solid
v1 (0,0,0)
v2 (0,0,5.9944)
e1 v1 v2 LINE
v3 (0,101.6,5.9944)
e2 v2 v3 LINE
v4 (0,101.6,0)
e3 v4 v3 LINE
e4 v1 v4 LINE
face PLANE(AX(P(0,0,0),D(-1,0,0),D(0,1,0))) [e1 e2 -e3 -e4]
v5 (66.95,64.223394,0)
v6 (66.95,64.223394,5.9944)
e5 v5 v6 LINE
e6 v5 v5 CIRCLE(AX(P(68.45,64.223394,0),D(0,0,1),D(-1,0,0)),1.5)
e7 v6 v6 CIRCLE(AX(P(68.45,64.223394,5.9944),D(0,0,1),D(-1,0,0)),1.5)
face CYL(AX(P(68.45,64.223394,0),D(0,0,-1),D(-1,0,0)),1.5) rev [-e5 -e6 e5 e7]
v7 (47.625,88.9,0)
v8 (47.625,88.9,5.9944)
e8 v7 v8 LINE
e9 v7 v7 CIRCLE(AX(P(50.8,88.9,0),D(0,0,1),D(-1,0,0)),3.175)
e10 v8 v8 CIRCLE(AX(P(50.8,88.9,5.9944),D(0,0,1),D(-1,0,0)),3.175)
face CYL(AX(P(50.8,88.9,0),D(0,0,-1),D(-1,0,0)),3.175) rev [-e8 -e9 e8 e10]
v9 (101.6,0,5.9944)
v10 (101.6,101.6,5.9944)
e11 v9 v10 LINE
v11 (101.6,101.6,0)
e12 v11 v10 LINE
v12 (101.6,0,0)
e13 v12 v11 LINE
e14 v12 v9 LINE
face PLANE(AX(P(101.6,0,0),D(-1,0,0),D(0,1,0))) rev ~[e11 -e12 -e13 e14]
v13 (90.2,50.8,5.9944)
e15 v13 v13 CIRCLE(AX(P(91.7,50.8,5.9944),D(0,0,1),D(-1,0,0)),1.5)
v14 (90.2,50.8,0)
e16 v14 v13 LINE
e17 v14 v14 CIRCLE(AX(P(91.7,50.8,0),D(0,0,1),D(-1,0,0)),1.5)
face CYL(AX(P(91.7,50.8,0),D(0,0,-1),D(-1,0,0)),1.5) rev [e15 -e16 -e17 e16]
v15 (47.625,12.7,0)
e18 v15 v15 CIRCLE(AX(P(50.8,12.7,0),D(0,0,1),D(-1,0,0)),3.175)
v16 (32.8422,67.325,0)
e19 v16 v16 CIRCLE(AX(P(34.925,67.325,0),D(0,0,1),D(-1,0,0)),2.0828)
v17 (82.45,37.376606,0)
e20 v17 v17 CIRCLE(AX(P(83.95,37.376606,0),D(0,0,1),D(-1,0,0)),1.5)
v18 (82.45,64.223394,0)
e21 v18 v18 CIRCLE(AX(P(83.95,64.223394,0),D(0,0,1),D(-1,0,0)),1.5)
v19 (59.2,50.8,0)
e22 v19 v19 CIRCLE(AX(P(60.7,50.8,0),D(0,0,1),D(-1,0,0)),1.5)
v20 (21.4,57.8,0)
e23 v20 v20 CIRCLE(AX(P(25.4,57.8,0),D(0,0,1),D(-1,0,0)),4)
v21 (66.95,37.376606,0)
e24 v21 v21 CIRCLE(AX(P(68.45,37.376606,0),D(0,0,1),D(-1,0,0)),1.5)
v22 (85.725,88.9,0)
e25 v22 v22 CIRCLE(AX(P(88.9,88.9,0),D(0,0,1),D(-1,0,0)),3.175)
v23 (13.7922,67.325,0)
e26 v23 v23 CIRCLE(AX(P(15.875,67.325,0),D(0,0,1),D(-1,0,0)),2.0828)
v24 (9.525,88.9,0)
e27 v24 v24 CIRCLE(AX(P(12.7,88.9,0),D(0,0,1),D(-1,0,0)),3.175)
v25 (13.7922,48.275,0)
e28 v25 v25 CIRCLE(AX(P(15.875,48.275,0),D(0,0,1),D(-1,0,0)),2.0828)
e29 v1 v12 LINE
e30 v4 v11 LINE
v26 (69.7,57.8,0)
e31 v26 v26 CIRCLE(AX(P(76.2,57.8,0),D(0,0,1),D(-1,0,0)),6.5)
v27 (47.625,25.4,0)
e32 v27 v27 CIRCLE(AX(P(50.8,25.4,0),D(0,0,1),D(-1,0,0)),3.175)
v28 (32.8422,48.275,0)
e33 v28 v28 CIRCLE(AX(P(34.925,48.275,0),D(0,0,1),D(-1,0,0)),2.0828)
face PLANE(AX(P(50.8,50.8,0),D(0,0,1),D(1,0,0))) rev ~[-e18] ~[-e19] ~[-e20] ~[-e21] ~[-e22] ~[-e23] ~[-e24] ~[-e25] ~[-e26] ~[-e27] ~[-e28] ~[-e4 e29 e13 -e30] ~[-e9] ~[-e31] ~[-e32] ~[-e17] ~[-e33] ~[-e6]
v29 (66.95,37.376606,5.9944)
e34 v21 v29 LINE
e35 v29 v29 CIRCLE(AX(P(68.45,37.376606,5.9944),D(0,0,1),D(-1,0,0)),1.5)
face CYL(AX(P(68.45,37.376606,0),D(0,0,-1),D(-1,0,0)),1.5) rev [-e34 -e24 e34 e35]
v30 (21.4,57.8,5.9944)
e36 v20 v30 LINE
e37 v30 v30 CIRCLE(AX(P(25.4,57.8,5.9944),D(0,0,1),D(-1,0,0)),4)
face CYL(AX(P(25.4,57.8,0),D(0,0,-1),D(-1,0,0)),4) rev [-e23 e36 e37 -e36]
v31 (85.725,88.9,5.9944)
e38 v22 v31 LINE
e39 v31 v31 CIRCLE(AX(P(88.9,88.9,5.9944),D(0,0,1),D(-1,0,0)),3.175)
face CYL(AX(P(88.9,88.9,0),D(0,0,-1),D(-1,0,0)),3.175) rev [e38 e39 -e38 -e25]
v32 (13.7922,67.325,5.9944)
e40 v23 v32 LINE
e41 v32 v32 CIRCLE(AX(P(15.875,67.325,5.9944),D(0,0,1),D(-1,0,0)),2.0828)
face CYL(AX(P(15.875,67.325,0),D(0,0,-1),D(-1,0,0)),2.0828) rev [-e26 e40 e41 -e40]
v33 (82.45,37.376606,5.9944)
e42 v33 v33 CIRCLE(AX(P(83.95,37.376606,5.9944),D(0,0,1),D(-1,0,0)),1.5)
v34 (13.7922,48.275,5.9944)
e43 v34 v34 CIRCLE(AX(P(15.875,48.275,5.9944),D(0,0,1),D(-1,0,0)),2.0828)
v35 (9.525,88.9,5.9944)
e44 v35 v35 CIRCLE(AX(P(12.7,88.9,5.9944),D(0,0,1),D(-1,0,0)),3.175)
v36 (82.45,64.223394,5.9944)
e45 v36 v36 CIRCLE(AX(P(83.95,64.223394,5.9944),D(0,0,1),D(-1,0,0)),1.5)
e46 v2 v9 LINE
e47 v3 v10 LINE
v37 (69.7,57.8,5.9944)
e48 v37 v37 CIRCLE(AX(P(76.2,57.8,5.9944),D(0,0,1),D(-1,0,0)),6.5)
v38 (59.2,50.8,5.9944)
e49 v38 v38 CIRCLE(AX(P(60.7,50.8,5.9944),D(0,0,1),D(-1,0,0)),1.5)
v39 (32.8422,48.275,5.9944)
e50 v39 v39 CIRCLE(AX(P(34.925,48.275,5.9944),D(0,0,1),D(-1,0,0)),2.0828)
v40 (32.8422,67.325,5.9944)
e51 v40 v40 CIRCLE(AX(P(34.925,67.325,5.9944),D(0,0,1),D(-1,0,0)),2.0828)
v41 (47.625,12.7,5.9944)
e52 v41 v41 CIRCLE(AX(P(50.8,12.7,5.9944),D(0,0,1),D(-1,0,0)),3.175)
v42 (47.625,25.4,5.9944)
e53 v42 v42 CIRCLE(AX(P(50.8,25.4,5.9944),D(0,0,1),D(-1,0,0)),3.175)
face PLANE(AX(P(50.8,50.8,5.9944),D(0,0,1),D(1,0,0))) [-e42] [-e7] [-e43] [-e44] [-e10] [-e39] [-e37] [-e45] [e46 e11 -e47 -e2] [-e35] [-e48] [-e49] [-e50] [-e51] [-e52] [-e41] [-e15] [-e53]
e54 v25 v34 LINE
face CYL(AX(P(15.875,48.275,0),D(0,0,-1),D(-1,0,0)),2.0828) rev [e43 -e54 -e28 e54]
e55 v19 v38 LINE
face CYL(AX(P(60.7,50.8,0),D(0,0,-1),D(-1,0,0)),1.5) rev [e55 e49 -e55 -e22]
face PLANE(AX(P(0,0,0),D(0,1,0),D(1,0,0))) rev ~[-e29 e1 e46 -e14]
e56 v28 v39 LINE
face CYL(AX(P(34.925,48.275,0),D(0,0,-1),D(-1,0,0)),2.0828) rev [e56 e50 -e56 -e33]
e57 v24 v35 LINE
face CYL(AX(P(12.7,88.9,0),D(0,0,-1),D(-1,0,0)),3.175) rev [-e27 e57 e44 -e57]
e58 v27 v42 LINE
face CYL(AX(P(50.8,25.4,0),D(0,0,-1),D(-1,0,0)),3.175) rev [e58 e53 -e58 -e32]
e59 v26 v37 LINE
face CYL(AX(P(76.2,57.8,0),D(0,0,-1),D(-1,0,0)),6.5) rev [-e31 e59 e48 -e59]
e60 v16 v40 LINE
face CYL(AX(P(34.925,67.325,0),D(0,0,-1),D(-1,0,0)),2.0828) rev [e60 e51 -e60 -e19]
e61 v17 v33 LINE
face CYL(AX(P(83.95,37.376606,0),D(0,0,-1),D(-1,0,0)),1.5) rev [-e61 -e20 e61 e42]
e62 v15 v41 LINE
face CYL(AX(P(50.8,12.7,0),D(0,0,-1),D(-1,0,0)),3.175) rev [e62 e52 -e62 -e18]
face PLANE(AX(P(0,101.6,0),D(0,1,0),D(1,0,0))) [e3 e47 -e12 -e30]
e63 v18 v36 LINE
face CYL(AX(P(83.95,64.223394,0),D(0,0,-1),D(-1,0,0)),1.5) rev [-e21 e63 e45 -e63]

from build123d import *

# Parameters (mm, degrees)
SKETCH1_W           = 101.6
SKETCH1_H           = 101.6
SKETCH1_R           = 6.5
SKETCH1_R_2         = 1.5
SKETCH1_R_3         = 3.175
SKETCH1_R_4         = 4
SKETCH1_R_5         = 2.0828
BOSS_EXTRUDE1_DEPTH = 5.9944


with BuildPart() as part:
    # Sketch1 → Boss-Extrude1 (new body)
    with BuildSketch(Plane.XY):
        with Locations((50.8, 50.8)):
            Rectangle(SKETCH1_W, SKETCH1_H)
        with Locations(Location((76.2, 57.8, 0), (0, 0, 180))):
            Circle(SKETCH1_R, mode=Mode.SUBTRACT)
        with Locations(Location((60.7, 50.8, 0), (0, 0, 180))):
            Circle(SKETCH1_R_2, mode=Mode.SUBTRACT)
        with Locations(Location((91.7, 50.8, 0), (0, 0, 180))):
            Circle(SKETCH1_R_2, mode=Mode.SUBTRACT)
        with Locations(Location((83.95, 37.376606241, 0), (0, 0, 180))):
            Circle(SKETCH1_R_2, mode=Mode.SUBTRACT)
        with Locations(Location((68.45, 37.376606241, 0), (0, 0, 180))):
            Circle(SKETCH1_R_2, mode=Mode.SUBTRACT)
        with Locations(Location((68.45, 64.223393759, 0), (0, 0, 180))):
            Circle(SKETCH1_R_2, mode=Mode.SUBTRACT)
        with Locations(Location((83.95, 64.223393759, 0), (0, 0, 180))):
            Circle(SKETCH1_R_2, mode=Mode.SUBTRACT)
        with Locations(Location((12.7, 88.9, 0), (0, 0, 180))):
            Circle(SKETCH1_R_3, mode=Mode.SUBTRACT)
        with Locations(Location((88.9, 88.9, 0), (0, 0, 180))):
            Circle(SKETCH1_R_3, mode=Mode.SUBTRACT)
        with Locations(Location((25.4, 57.8, 0), (0, 0, 180))):
            Circle(SKETCH1_R_4, mode=Mode.SUBTRACT)
        with Locations(Location((15.875, 67.325, 0), (0, 0, 180))):
            Circle(SKETCH1_R_5, mode=Mode.SUBTRACT)
        with Locations(Location((34.925, 67.325, 0), (0, 0, 180))):
            Circle(SKETCH1_R_5, mode=Mode.SUBTRACT)
        with Locations(Location((34.925, 48.275, 0), (0, 0, 180))):
            Circle(SKETCH1_R_5, mode=Mode.SUBTRACT)
        with Locations(Location((15.875, 48.275, 0), (0, 0, 180))):
            Circle(SKETCH1_R_5, mode=Mode.SUBTRACT)
        with Locations(Location((50.8, 88.9, 0), (0, 0, 180))):
            Circle(SKETCH1_R_3, mode=Mode.SUBTRACT)
        with Locations(Location((50.8, 25.4, 0), (0, 0, 180))):
            Circle(SKETCH1_R_3, mode=Mode.SUBTRACT)
        with Locations(Location((50.8, 12.7, 0), (0, 0, 180))):
            Circle(SKETCH1_R_3, mode=Mode.SUBTRACT)
    extrude(amount=BOSS_EXTRUDE1_DEPTH)


solid = part.part
